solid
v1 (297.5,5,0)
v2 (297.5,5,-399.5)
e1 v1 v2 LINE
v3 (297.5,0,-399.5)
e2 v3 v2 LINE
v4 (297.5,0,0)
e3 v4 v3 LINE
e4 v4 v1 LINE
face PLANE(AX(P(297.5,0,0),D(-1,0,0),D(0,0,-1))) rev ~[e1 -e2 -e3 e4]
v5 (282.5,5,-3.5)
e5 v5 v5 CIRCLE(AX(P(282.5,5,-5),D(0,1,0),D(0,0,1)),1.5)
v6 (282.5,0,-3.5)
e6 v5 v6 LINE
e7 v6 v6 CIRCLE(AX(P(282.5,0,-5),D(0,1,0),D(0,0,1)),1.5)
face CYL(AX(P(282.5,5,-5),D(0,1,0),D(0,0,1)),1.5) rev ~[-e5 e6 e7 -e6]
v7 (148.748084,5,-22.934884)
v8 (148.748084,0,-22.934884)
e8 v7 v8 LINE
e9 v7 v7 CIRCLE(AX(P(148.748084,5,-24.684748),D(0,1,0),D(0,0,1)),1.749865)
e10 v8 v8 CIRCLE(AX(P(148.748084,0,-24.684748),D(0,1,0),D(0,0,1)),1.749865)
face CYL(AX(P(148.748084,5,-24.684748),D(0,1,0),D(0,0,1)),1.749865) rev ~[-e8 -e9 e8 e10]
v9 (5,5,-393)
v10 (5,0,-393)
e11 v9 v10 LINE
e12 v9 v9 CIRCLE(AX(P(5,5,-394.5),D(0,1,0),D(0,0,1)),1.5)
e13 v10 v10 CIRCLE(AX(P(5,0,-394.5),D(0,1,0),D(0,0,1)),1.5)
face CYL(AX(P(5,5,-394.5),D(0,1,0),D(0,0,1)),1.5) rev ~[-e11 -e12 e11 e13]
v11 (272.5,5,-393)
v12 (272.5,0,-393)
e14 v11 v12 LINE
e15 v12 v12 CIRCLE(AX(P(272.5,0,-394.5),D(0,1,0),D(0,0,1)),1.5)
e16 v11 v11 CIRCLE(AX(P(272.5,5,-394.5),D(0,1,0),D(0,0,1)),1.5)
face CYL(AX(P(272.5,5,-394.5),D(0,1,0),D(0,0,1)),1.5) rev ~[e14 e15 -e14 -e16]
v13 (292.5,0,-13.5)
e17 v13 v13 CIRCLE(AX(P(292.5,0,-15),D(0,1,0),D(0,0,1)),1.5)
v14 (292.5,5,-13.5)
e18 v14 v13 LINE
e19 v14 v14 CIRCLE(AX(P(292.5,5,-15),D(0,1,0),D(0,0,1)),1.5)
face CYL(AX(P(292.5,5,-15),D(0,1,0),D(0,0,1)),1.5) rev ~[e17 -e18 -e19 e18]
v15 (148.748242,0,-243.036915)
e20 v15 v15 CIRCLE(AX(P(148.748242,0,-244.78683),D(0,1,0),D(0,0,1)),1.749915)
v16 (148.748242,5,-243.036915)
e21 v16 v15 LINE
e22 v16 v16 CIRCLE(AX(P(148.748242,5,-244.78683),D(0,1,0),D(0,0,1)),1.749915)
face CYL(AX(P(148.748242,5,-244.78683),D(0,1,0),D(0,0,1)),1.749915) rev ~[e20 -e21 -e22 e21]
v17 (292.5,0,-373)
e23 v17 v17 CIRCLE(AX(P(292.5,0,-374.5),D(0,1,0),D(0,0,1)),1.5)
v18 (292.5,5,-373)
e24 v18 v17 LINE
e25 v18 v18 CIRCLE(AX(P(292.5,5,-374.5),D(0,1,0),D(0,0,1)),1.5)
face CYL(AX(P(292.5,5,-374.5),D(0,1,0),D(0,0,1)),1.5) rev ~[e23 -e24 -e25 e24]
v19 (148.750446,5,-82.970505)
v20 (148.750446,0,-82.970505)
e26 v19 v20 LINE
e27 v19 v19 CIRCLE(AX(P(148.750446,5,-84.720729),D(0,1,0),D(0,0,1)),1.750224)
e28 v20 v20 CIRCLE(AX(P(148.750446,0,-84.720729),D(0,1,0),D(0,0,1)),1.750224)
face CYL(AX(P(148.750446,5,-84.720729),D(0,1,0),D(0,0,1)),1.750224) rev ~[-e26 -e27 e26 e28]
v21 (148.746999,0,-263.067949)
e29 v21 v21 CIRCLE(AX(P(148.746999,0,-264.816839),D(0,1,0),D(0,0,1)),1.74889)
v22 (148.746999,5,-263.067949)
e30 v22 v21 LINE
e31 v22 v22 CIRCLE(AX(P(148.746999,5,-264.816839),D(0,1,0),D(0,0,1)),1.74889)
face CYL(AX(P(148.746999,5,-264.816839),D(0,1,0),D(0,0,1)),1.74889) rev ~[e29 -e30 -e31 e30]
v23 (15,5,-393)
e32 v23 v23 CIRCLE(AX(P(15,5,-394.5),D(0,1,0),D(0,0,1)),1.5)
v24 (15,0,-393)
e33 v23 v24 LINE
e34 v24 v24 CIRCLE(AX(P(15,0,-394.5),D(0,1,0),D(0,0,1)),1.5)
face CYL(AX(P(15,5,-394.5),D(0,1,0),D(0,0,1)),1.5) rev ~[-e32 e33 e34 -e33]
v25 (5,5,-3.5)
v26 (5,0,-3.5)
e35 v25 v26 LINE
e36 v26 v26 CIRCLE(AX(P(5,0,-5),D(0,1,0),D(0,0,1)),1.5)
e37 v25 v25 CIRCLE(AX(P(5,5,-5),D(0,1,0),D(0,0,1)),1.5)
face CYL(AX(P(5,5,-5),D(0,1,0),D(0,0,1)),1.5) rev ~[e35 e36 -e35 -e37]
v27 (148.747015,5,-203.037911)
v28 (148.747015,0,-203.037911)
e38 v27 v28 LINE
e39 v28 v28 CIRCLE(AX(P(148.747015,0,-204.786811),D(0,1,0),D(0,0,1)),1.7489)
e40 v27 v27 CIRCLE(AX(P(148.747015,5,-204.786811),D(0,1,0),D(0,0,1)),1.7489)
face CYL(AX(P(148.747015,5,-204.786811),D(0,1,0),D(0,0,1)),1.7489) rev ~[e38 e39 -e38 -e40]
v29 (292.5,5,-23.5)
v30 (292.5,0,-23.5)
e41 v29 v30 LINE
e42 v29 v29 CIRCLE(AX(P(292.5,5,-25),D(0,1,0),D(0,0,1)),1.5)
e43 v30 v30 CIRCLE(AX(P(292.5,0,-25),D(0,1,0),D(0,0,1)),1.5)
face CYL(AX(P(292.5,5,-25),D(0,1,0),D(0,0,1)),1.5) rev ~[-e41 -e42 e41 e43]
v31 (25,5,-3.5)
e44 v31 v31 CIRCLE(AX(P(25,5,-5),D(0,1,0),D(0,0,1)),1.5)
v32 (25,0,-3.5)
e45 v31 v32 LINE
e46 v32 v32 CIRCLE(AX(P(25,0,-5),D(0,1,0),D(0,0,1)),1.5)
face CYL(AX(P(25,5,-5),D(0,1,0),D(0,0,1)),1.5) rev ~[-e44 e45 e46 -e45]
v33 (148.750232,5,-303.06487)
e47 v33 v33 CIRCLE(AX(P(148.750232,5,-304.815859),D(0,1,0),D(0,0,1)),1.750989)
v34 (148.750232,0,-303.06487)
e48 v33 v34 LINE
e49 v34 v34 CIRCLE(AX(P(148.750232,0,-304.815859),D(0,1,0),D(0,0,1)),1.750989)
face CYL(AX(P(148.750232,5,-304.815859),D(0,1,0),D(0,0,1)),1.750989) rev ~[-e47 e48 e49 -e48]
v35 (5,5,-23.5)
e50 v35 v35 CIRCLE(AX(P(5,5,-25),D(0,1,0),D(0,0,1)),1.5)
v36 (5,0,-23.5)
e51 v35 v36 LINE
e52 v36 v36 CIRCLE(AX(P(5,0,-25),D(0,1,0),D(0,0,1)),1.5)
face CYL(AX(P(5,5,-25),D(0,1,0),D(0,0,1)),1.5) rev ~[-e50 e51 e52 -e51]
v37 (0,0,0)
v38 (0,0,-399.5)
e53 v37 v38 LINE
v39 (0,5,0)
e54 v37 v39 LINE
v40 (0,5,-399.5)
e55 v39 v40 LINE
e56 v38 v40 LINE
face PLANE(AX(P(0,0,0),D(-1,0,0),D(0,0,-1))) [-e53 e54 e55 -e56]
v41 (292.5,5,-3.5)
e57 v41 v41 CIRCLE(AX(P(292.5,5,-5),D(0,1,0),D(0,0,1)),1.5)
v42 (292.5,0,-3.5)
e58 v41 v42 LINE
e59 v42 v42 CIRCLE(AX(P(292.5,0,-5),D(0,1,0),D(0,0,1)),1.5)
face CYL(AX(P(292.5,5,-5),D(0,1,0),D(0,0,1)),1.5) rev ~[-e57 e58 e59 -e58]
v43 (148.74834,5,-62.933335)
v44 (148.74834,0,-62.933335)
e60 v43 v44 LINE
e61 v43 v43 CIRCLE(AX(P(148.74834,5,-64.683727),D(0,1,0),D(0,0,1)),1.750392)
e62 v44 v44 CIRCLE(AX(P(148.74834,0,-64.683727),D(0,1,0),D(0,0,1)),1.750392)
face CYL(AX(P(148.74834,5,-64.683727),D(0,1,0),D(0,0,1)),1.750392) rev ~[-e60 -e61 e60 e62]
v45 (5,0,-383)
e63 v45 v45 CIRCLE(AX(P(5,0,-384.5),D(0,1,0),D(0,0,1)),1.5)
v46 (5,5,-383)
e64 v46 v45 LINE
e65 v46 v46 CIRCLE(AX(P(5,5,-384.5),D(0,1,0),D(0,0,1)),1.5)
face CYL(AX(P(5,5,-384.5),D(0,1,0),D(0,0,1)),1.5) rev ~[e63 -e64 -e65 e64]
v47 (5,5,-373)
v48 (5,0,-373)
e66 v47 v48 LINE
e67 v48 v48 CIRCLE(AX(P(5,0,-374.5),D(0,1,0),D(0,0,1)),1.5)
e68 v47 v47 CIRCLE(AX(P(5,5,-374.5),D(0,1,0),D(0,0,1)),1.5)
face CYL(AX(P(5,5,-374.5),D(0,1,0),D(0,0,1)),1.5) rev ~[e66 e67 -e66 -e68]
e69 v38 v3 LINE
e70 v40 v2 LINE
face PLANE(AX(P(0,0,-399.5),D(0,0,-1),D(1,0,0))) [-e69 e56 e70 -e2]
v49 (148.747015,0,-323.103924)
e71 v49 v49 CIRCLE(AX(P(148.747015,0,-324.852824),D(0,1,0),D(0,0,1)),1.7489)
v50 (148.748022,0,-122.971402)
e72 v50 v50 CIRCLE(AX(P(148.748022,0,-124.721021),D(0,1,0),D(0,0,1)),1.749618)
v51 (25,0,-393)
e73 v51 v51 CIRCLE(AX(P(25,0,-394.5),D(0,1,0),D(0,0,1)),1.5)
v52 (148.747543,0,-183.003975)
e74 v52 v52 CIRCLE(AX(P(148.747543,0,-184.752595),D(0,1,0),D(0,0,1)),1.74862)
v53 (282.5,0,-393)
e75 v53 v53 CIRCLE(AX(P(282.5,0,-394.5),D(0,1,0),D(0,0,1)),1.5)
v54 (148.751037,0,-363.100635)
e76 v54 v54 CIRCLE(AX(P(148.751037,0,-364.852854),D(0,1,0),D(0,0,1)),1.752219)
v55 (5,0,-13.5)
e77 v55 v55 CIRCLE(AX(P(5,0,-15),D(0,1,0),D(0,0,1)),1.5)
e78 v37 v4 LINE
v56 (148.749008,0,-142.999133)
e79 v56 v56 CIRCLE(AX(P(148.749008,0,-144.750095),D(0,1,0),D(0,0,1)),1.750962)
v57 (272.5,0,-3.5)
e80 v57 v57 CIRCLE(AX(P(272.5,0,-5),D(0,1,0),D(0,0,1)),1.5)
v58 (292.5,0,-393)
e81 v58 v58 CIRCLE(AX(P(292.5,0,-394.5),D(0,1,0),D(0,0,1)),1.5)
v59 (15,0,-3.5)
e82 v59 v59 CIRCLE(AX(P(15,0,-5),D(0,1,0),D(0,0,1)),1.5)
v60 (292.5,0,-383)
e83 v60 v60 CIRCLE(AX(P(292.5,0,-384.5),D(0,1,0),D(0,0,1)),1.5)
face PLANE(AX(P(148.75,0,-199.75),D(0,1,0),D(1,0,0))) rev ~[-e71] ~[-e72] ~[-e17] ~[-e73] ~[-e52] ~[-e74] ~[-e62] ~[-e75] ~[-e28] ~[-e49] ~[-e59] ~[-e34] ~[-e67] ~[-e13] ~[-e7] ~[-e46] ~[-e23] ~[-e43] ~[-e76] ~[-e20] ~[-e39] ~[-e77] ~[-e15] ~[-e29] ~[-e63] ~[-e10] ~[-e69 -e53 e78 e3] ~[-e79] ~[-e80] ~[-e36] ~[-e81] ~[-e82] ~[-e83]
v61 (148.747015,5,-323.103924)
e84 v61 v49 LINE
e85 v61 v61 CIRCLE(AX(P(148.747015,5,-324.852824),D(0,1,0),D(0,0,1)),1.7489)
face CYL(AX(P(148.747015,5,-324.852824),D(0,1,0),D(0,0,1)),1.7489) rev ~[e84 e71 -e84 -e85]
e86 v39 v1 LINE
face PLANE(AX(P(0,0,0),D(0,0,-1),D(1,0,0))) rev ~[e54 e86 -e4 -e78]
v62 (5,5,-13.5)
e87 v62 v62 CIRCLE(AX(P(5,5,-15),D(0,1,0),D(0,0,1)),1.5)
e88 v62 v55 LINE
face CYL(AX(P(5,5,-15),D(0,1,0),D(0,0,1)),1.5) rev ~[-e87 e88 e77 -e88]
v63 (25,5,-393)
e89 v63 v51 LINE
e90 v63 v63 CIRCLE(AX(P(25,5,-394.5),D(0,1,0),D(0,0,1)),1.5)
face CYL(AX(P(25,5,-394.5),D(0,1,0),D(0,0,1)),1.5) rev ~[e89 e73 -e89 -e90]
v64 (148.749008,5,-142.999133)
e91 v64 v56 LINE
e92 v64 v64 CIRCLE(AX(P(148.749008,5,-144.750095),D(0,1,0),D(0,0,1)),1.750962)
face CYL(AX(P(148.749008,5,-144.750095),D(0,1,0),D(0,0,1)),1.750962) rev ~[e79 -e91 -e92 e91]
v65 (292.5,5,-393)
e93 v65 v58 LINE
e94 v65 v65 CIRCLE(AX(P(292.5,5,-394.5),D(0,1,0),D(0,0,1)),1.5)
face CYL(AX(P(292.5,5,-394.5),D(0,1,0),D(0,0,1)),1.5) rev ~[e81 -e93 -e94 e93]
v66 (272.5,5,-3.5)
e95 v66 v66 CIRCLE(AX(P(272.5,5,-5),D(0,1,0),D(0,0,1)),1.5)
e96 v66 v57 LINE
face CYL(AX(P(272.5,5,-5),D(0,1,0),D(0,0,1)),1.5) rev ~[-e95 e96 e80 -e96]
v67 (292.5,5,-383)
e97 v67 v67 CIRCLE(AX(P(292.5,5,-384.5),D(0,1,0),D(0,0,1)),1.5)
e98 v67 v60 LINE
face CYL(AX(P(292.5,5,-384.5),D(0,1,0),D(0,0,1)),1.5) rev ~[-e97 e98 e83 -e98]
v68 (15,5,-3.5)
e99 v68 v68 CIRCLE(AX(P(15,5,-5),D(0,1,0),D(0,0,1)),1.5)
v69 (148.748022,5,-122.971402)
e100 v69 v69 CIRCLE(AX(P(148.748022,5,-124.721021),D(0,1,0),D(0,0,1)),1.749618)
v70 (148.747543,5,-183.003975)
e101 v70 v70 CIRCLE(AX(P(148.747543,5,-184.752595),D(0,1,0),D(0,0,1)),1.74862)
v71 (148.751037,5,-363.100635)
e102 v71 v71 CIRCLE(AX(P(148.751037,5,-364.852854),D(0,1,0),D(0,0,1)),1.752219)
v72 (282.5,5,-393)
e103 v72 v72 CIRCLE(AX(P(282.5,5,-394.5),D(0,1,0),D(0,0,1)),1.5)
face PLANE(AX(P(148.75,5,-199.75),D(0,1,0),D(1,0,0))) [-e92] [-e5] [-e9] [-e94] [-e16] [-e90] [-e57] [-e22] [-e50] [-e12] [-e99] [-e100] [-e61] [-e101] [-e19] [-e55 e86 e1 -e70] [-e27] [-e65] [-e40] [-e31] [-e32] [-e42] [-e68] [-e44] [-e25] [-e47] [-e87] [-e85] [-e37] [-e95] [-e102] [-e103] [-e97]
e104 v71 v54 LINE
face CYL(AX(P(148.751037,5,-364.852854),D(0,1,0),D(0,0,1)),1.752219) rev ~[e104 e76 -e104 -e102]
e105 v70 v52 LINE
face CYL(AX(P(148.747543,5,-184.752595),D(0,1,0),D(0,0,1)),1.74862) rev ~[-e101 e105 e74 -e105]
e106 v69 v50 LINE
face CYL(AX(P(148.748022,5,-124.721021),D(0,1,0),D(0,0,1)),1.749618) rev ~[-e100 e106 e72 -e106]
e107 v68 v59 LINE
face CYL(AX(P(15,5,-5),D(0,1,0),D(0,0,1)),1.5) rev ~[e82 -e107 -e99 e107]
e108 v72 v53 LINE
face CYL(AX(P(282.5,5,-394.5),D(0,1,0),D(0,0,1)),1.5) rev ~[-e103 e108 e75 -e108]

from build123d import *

# Parameters (mm, degrees)
SKETCH1_W           = 297.5
SKETCH1_H           = 399.5
BOSS_EXTRUDE1_DEPTH = 5
SKETCH3_R           = 1.749864578
SKETCH3_R_2         = 1.750391844
SKETCH3_R_3         = 1.750224182
SKETCH3_R_4         = 1.74961836
SKETCH3_R_5         = 1.75096205
SKETCH3_R_6         = 1.748620385
SKETCH3_R_7         = 1.748899818
SKETCH3_R_8         = 1.749915058
SKETCH3_R_9         = 1.748890378
SKETCH3_R_10        = 1.750988741
SKETCH3_R_11        = 1.752219163
CUT_EXTRUDE2_DEPTH  = 10
SKETCH5_R           = 1.5
CUT_EXTRUDE3_DEPTH  = 10


with BuildPart() as part:
    # Sketch1 → Boss-Extrude1 (new body)
    with BuildSketch(Plane(origin=(0, 0, 0), x_dir=(1, 0, 0), z_dir=(0, 1, 0))):
        with Locations((148.75, 199.75)):
            Rectangle(SKETCH1_W, SKETCH1_H)
    extrude(amount=BOSS_EXTRUDE1_DEPTH)

    # Sketch3 → Cut-Extrude2 (cut)
    with BuildSketch(Plane(origin=(0, 5, 0), x_dir=(1, 0, 0), z_dir=(0, 1, 0))):
        with Locations(Location((148.748083814, 24.684748422, 0), (0, 0, 270))):
            Circle(SKETCH3_R)
        with Locations(Location((148.748340036, 64.683726641, 0), (0, 0, 270))):
            Circle(SKETCH3_R_2)
        with Locations(Location((148.75044634, 84.720729049, 0), (0, 0, 270))):
            Circle(SKETCH3_R_3)
        with Locations(Location((148.748021994, 124.721020588, 0), (0, 0, 270))):
            Circle(SKETCH3_R_4)
        with Locations(Location((148.749007517, 144.750094856, 0), (0, 0, 270))):
            Circle(SKETCH3_R_5)
        with Locations(Location((148.747543438, 184.752595185, 0), (0, 0, 270))):
            Circle(SKETCH3_R_6)
        with Locations(Location((148.747015223, 204.786810925, 0), (0, 0, 270))):
            Circle(SKETCH3_R_7)
        with Locations(Location((148.748242067, 244.786829837, 0), (0, 0, 270))):
            Circle(SKETCH3_R_8)
        with Locations(Location((148.746998642, 264.816839038, 0), (0, 0, 270))):
            Circle(SKETCH3_R_9)
        with Locations(Location((148.750231988, 304.815858705, 0), (0, 0, 270))):
            Circle(SKETCH3_R_10)
        with Locations(Location((148.747015223, 324.852824112, 0), (0, 0, 270))):
            Circle(SKETCH3_R_7)
        with Locations(Location((148.751036789, 364.852854296, 0), (0, 0, 270))):
            Circle(SKETCH3_R_11)
    extrude(amount=-CUT_EXTRUDE2_DEPTH, mode=Mode.SUBTRACT)

    # Sketch5 → Cut-Extrude3 (cut)
    with BuildSketch(Plane(origin=(0, 5, 0), x_dir=(1, 0, 0), z_dir=(0, 1, 0))):
        with Locations(Location((272.5, 5, 0), (0, 0, 270))):
            Circle(SKETCH5_R)
        with Locations(Location((282.5, 5, 0), (0, 0, 270))):
            Circle(SKETCH5_R)
        with Locations(Location((292.5, 5, 0), (0, 0, 270))):
            Circle(SKETCH5_R)
        with Locations(Location((292.5, 15, 0), (0, 0, 270))):
            Circle(SKETCH5_R)
        with Locations(Location((292.5, 25, 0), (0, 0, 270))):
            Circle(SKETCH5_R)
        with Locations(Location((292.5, 374.5, 0), (0, 0, 270))):
            Circle(SKETCH5_R)
        with Locations(Location((292.5, 384.5, 0), (0, 0, 270))):
            Circle(SKETCH5_R)
        with Locations(Location((292.5, 394.5, 0), (0, 0, 270))):
            Circle(SKETCH5_R)
        with Locations(Location((282.5, 394.5, 0), (0, 0, 270))):
            Circle(SKETCH5_R)
        with Locations(Location((272.5, 394.5, 0), (0, 0, 270))):
            Circle(SKETCH5_R)
        with Locations(Location((5, 374.5, 0), (0, 0, 270))):
            Circle(SKETCH5_R)
        with Locations(Location((5, 384.5, 0), (0, 0, 270))):
            Circle(SKETCH5_R)
        with Locations(Location((5, 394.5, 0), (0, 0, 270))):
            Circle(SKETCH5_R)
        with Locations(Location((15, 394.5, 0), (0, 0, 270))):
            Circle(SKETCH5_R)
        with Locations(Location((25, 394.5, 0), (0, 0, 270))):
            Circle(SKETCH5_R)
        with Locations(Location((25, 5, 0), (0, 0, 270))):
            Circle(SKETCH5_R)
        with Locations(Location((15, 5, 0), (0, 0, 270))):
            Circle(SKETCH5_R)
        with Locations(Location((5, 5, 0), (0, 0, 270))):
            Circle(SKETCH5_R)
        with Locations(Location((5, 15, 0), (0, 0, 270))):
            Circle(SKETCH5_R)
        with Locations(Location((5, 25, 0), (0, 0, 270))):
            Circle(SKETCH5_R)
    extrude(amount=-CUT_EXTRUDE3_DEPTH, mode=Mode.SUBTRACT)


solid = part.part
